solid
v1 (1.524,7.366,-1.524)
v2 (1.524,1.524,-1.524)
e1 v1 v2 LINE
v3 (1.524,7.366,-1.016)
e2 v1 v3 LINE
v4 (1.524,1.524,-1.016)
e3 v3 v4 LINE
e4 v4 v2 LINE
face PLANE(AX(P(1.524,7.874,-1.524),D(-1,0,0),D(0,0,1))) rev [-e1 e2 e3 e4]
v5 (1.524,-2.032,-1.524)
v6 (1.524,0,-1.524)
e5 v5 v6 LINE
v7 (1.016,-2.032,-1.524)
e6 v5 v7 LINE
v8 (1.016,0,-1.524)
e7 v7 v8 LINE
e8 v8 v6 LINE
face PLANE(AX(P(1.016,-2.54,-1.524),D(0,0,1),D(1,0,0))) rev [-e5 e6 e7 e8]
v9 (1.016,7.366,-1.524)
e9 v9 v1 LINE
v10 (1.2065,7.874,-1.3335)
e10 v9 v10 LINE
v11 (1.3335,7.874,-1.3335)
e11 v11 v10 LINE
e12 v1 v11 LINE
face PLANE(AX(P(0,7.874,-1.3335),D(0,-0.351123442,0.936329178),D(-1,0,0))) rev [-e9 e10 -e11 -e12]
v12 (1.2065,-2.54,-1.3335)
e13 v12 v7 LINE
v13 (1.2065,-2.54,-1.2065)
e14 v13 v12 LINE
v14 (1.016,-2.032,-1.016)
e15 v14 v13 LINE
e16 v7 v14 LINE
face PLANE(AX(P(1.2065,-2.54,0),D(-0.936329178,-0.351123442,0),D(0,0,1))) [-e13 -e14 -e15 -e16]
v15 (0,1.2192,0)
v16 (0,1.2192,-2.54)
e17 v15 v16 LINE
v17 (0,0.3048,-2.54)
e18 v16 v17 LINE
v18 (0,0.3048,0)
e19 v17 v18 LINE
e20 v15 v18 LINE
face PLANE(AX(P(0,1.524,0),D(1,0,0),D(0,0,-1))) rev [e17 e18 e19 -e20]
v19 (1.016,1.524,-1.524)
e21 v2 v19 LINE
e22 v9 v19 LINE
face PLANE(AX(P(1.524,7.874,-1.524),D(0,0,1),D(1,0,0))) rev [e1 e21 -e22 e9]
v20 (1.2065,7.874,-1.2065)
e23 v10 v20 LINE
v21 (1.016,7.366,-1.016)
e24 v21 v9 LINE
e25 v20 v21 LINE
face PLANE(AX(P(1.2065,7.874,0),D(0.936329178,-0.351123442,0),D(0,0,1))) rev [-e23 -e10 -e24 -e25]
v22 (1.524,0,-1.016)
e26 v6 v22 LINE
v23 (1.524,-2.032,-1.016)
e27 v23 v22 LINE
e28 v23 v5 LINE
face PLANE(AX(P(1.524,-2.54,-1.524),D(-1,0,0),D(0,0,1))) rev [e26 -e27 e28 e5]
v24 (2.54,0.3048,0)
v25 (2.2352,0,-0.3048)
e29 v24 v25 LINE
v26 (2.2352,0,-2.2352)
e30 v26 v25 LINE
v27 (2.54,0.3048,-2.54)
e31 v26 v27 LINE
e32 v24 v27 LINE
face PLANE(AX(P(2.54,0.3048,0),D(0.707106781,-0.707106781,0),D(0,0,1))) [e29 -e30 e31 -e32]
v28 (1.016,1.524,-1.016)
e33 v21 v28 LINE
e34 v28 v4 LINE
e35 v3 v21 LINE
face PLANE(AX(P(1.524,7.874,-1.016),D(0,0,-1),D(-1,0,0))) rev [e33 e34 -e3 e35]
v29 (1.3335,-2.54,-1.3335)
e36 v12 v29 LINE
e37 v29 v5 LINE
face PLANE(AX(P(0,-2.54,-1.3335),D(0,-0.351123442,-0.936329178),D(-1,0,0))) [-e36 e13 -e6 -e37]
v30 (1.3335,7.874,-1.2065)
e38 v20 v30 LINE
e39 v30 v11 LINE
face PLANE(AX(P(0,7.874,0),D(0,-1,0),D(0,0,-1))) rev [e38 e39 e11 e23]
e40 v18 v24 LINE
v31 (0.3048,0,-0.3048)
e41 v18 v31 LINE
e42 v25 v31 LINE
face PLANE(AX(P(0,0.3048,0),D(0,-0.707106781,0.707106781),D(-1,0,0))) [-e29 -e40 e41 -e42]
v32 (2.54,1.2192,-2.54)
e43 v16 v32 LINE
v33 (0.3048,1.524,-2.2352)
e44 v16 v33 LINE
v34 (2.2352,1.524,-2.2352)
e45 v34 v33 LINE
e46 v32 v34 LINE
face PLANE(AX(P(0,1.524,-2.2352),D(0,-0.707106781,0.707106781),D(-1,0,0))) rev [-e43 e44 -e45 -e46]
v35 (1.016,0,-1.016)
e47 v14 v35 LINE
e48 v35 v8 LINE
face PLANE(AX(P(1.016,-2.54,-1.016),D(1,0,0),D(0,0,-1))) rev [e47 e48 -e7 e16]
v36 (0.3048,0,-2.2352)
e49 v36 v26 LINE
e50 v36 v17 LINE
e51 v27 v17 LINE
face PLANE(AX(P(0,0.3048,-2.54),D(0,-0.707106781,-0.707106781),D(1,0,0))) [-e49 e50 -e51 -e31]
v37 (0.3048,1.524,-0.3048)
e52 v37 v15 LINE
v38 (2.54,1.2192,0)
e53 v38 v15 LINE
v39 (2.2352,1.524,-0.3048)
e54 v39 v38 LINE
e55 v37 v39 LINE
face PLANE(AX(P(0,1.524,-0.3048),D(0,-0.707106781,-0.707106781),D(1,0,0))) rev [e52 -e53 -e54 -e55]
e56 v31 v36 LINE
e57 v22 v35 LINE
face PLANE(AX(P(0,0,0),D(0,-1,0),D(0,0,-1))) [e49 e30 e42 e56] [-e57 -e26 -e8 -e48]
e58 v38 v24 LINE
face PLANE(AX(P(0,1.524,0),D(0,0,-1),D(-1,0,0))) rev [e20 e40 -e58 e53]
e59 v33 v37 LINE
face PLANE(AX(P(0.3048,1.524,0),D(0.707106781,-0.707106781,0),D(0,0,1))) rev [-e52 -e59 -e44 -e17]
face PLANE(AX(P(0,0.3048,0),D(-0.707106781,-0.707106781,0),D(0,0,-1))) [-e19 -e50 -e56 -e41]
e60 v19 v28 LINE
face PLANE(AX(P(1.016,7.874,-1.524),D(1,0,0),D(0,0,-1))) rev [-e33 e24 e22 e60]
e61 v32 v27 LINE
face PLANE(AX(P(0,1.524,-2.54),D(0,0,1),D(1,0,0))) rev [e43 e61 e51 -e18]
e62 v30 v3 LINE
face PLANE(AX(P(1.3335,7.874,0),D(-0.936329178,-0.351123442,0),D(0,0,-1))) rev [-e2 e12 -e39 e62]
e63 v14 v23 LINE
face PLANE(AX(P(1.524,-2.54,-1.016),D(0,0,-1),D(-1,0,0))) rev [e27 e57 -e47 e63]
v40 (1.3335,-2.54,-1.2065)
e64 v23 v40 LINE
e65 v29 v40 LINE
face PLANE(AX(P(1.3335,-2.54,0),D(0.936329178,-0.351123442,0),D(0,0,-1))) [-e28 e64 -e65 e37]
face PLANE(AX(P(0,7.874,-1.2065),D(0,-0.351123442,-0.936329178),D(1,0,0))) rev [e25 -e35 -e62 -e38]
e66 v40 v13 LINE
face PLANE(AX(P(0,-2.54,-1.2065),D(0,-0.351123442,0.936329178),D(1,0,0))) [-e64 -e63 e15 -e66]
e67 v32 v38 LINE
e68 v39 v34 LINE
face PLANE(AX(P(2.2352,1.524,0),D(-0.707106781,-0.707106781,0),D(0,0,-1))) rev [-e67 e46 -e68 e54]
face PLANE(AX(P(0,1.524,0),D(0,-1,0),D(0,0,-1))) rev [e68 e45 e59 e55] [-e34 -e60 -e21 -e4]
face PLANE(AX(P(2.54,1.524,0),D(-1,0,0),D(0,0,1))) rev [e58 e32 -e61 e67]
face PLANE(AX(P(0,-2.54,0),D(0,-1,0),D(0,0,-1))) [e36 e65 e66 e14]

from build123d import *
from OCP.BRepFilletAPI import BRepFilletAPI_MakeChamfer

# Parameters (mm, degrees)
SKETCH1_W           = 2.54
SKETCH1_H           = 2.54
BOSS_EXTRUDE1_DEPTH = 1.524
SKETCH2_W           = 0.508
SKETCH2_H           = 0.508
BOSS_EXTRUDE2_DEPTH = 6.35
SKETCH3_W           = 0.508
SKETCH3_H           = 0.508
BOSS_EXTRUDE3_DEPTH = 2.54
CHAMFER1_SIZE       = 0.508
CHAMFER1_SIZE2      = 0.1905
CHAMFER2_SIZE       = 0.508
CHAMFER2_SIZE2      = 0.1905
CHAMFER4_SIZE       = 0.3048
CHAMFER5_SIZE       = 0.3048


with BuildPart() as part:
    # Sketch1 → Boss-Extrude1 (new body)
    with BuildSketch(Plane(origin=(0, 0, 0), x_dir=(1, 0, 0), z_dir=(0, 1, 0))):
        with Locations((1.27, 1.27)):
            Rectangle(SKETCH1_W, SKETCH1_H)
    extrude(amount=BOSS_EXTRUDE1_DEPTH)

    # Sketch2 → Boss-Extrude2 (add)
    with BuildSketch(Plane(origin=(0, 1.524, 0), x_dir=(1, 0, 0), z_dir=(0, 1, 0))):
        with Locations((1.27, 1.27)):
            Rectangle(SKETCH2_W, SKETCH2_H)
    extrude(amount=BOSS_EXTRUDE2_DEPTH)

    # Sketch3 → Boss-Extrude3 (add)
    with BuildSketch(Plane.XZ):
        with Locations((1.27, -1.27)):
            Rectangle(SKETCH3_W, SKETCH3_H)
    extrude(amount=BOSS_EXTRUDE3_DEPTH)

    # Chamfer1: one chamfer whose edges measure the first distance from different faces: ONE call of the kernel's chamfer builder (chamfer() names one face for all edges)
    chamfer1_edges_1 = [part.edges().sort_by_distance(p)[0] for p in [
        (1.016, 7.874, -1.27),
    ]]
    chamfer1_side_1 = [part.faces().sort_by_distance(p)[0] for p in [
        (1.016, 4.699, -1.27),
    ]]
    chamfer1_edges_2 = [part.edges().sort_by_distance(p)[0] for p in [
        (1.27, 7.874, -1.016),
    ]]
    chamfer1_side_2 = [part.faces().sort_by_distance(p)[0] for p in [
        (1.27, 4.699, -1.016),
    ]]
    chamfer1_edges_3 = [part.edges().sort_by_distance(p)[0] for p in [
        (1.524, 7.874, -1.27),
    ]]
    chamfer1_side_3 = [part.faces().sort_by_distance(p)[0] for p in [
        (1.524, 4.699, -1.27),
    ]]
    chamfer1_edges_4 = [part.edges().sort_by_distance(p)[0] for p in [
        (1.27, 7.874, -1.524),
    ]]
    chamfer1_side_4 = [part.faces().sort_by_distance(p)[0] for p in [
        (1.27, 4.699, -1.524),
    ]]
    chamfer1 = BRepFilletAPI_MakeChamfer(part.part.solid().wrapped)
    for e in chamfer1_edges_1:
        chamfer1.Add(CHAMFER1_SIZE, CHAMFER1_SIZE2, e.wrapped, chamfer1_side_1[0].wrapped)  # the first distance lies on this face
    for e in chamfer1_edges_2:
        chamfer1.Add(CHAMFER1_SIZE, CHAMFER1_SIZE2, e.wrapped, chamfer1_side_2[0].wrapped)  # the first distance lies on this face
    for e in chamfer1_edges_3:
        chamfer1.Add(CHAMFER1_SIZE, CHAMFER1_SIZE2, e.wrapped, chamfer1_side_3[0].wrapped)  # the first distance lies on this face
    for e in chamfer1_edges_4:
        chamfer1.Add(CHAMFER1_SIZE, CHAMFER1_SIZE2, e.wrapped, chamfer1_side_4[0].wrapped)  # the first distance lies on this face
    add(Compound.cast(chamfer1.Shape()), mode=Mode.REPLACE)

    # Chamfer2: one chamfer whose edges measure the first distance from different faces: ONE call of the kernel's chamfer builder (chamfer() names one face for all edges)
    chamfer2_edges_1 = [part.edges().sort_by_distance(p)[0] for p in [
        (1.27, -2.54, -1.524),
    ]]
    chamfer2_side_1 = [part.faces().sort_by_distance(p)[0] for p in [
        (1.27, -1.27, -1.524),
    ]]
    chamfer2_edges_2 = [part.edges().sort_by_distance(p)[0] for p in [
        (1.524, -2.54, -1.27),
    ]]
    chamfer2_side_2 = [part.faces().sort_by_distance(p)[0] for p in [
        (1.524, -1.27, -1.27),
    ]]
    chamfer2_edges_3 = [part.edges().sort_by_distance(p)[0] for p in [
        (1.27, -2.54, -1.016),
    ]]
    chamfer2_side_3 = [part.faces().sort_by_distance(p)[0] for p in [
        (1.27, -1.27, -1.016),
    ]]
    chamfer2_edges_4 = [part.edges().sort_by_distance(p)[0] for p in [
        (1.016, -2.54, -1.27),
    ]]
    chamfer2_side_4 = [part.faces().sort_by_distance(p)[0] for p in [
        (1.016, -1.27, -1.27),
    ]]
    chamfer2 = BRepFilletAPI_MakeChamfer(part.part.solid().wrapped)
    for e in chamfer2_edges_1:
        chamfer2.Add(CHAMFER2_SIZE, CHAMFER2_SIZE2, e.wrapped, chamfer2_side_1[0].wrapped)  # the first distance lies on this face
    for e in chamfer2_edges_2:
        chamfer2.Add(CHAMFER2_SIZE, CHAMFER2_SIZE2, e.wrapped, chamfer2_side_2[0].wrapped)  # the first distance lies on this face
    for e in chamfer2_edges_3:
        chamfer2.Add(CHAMFER2_SIZE, CHAMFER2_SIZE2, e.wrapped, chamfer2_side_3[0].wrapped)  # the first distance lies on this face
    for e in chamfer2_edges_4:
        chamfer2.Add(CHAMFER2_SIZE, CHAMFER2_SIZE2, e.wrapped, chamfer2_side_4[0].wrapped)  # the first distance lies on this face
    add(Compound.cast(chamfer2.Shape()), mode=Mode.REPLACE)

    # Chamfer4
    chamfer4_edges = [part.edges().sort_by_distance(p)[0] for p in [
        (2.54, 1.524, -1.27),
        (1.27, 1.524, -2.54),
        (0, 1.524, -1.27),
        (1.27, 1.524, 0),
    ]]
    chamfer(chamfer4_edges, length=CHAMFER4_SIZE)

    # Chamfer5
    chamfer5_edges = [part.edges().sort_by_distance(p)[0] for p in [
        (1.27, 0, -2.54),
        (2.54, 0, -1.27),
        (1.27, 0, 0),
        (0, 0, -1.27),
    ]]
    chamfer(chamfer5_edges, length=CHAMFER5_SIZE)


solid = part.part
